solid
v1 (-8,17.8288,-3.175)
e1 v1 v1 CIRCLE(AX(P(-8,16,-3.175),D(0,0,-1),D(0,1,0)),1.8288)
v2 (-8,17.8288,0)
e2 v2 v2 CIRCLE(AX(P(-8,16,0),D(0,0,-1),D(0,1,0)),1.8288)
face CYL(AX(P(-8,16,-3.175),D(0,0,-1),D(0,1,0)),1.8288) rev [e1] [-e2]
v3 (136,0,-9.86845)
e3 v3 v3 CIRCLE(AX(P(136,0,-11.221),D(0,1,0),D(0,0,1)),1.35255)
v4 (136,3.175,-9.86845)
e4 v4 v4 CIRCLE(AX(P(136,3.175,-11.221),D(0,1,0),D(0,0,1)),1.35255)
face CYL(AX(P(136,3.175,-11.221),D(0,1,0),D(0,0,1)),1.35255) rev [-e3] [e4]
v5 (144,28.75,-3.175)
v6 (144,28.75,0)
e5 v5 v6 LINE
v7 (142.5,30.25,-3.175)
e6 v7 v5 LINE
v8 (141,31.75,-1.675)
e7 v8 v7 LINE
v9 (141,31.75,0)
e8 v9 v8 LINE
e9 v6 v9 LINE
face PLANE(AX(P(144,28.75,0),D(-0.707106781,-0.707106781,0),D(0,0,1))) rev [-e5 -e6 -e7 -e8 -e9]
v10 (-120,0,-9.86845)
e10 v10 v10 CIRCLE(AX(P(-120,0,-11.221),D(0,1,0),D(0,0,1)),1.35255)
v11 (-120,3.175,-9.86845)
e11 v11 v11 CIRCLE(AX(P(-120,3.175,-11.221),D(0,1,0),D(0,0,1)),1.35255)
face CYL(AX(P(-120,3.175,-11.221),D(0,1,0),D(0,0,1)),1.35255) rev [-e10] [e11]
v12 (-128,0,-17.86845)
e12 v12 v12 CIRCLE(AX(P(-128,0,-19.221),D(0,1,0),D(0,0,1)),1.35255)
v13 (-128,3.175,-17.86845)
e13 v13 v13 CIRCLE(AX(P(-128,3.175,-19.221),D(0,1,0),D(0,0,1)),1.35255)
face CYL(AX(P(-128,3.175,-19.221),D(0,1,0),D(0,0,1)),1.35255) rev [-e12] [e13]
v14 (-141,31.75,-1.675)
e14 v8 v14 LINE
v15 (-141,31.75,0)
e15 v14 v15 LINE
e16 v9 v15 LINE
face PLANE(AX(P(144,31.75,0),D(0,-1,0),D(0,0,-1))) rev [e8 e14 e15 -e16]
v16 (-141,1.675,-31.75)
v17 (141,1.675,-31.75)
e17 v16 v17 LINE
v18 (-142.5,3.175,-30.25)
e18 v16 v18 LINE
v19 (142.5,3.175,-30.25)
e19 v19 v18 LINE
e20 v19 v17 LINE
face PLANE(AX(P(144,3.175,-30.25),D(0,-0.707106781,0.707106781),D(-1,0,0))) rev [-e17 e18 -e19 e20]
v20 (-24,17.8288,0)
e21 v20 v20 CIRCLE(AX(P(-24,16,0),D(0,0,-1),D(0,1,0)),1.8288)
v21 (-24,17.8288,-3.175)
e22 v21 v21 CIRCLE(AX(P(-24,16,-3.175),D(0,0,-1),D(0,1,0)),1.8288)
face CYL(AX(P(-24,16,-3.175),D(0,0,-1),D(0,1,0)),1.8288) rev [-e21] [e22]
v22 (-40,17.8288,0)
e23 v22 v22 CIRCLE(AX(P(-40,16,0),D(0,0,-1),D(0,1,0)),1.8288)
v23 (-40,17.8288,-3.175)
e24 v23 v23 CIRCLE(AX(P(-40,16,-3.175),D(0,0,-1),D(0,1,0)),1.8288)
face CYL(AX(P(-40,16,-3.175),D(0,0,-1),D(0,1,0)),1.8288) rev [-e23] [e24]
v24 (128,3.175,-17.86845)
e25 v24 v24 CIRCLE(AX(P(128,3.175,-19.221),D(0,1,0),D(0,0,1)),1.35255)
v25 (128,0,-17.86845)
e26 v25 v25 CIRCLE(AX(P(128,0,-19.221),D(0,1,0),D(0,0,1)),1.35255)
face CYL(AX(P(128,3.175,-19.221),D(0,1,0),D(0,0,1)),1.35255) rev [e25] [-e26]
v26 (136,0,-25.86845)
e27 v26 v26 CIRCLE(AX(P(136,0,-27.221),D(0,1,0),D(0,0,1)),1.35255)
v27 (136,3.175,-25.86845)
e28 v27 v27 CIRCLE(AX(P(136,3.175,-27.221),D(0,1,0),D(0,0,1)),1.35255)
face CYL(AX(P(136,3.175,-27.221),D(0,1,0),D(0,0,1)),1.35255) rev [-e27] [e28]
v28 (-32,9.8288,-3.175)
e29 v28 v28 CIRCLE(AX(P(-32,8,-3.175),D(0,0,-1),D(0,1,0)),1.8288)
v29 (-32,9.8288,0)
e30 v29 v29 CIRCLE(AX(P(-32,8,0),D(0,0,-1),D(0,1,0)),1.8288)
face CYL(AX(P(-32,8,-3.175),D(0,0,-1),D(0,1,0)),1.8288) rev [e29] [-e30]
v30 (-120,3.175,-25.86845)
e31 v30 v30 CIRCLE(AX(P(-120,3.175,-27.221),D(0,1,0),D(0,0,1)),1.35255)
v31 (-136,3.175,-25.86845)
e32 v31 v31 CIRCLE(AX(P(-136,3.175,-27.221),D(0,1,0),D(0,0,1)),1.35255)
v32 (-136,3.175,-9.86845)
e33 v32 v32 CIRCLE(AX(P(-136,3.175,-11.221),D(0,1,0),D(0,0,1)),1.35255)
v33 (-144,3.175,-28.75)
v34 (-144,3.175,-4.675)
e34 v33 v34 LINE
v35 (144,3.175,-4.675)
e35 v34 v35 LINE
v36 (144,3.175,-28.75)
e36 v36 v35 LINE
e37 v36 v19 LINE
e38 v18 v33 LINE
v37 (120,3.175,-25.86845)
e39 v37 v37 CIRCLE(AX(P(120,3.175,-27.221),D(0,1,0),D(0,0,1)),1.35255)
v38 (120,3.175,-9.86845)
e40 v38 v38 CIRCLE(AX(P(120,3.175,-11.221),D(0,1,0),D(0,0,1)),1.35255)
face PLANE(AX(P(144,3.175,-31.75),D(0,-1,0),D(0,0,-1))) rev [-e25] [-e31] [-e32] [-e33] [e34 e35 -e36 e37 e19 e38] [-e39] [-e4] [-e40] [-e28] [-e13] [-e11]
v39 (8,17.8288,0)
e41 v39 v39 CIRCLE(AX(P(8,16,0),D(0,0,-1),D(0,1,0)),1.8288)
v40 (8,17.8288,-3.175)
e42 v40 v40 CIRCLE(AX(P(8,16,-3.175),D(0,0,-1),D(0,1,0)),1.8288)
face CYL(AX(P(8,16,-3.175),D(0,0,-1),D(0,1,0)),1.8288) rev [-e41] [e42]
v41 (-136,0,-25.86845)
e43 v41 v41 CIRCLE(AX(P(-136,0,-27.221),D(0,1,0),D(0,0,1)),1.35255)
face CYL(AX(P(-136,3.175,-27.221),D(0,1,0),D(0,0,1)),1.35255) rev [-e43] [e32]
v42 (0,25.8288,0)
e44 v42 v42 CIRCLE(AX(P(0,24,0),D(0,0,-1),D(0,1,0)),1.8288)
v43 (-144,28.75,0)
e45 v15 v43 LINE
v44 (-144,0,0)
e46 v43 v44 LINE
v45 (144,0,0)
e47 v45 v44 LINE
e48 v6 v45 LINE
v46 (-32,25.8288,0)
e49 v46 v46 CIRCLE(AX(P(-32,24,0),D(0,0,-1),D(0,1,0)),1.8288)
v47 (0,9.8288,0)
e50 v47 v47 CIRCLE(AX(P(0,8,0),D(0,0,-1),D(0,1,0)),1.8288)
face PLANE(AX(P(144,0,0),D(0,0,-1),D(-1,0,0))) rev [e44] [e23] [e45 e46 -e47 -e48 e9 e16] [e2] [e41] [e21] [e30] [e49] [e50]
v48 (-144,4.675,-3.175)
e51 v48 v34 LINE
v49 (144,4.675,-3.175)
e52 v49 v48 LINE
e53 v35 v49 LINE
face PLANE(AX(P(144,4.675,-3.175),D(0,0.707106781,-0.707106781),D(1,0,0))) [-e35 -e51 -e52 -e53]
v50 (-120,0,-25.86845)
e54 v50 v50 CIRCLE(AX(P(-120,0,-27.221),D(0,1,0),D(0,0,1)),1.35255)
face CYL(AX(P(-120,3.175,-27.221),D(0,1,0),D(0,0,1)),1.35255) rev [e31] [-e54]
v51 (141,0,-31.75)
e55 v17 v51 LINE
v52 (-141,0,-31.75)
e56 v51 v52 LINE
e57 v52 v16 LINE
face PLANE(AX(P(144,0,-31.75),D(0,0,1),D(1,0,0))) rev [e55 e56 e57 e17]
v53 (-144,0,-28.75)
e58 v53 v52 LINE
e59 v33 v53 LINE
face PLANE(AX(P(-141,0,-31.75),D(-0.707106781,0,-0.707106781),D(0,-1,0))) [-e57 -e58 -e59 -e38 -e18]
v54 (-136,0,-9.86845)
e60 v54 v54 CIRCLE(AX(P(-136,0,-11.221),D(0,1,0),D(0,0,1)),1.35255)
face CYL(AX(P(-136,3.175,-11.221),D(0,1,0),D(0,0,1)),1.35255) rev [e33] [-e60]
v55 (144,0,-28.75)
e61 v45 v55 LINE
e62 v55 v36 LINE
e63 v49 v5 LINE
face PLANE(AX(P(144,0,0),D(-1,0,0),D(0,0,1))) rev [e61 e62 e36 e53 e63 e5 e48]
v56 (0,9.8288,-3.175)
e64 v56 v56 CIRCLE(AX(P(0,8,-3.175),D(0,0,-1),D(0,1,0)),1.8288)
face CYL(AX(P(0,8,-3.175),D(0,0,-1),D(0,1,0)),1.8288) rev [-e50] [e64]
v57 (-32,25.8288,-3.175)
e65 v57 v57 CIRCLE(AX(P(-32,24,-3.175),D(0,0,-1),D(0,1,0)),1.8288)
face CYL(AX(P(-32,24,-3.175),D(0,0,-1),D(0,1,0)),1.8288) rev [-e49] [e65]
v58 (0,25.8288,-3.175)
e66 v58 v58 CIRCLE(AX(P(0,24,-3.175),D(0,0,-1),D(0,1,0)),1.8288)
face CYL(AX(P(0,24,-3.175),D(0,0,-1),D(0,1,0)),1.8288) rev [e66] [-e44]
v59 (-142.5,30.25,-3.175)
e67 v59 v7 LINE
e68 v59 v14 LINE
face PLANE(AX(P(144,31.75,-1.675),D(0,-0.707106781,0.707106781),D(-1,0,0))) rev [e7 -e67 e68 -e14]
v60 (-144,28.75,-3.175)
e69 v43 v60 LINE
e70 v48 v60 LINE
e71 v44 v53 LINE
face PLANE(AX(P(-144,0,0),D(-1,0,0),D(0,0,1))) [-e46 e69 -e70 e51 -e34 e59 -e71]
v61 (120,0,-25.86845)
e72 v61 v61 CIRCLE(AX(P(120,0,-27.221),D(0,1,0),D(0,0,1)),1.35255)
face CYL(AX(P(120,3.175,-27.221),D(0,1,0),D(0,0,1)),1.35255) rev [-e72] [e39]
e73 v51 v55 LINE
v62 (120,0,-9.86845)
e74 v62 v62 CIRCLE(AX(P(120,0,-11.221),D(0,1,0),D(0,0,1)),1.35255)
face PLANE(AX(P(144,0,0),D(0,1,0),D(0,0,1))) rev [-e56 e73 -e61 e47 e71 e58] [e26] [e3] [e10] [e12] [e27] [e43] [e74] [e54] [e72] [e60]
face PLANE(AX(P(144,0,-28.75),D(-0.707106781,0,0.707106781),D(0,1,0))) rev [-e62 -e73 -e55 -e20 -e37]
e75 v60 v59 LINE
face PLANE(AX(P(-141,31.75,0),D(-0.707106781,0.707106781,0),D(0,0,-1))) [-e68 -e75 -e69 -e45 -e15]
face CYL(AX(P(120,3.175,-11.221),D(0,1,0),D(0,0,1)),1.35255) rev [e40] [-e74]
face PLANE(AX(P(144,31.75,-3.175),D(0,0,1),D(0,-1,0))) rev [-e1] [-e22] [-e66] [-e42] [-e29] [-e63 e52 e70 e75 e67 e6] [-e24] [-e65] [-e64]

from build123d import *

# Parameters (mm, degrees)
BOSS_EXTRUDE1_DEPTH   = 144
CHAMFER1_SIZE         = 1.5
CHAMFER2_SIZE         = 3
F_6_32_TAPPED_HOLE1_D = 2.7051
F_6_CLEARANCE_HOLE1_D = 3.6576


with BuildPart() as part:
    # Sketch1 → Boss-Extrude1 (new body, symmetric)
    with BuildSketch(Plane(origin=(0, 0, 0), x_dir=(0, 0, -1), z_dir=(1, 0, 0))):
        Polygon((0, 0), (31.75, 0), (31.75, 3.175), (3.175, 3.175), (3.175, 31.75), (0, 31.75), align=None)
    extrude(amount=BOSS_EXTRUDE1_DEPTH, both=True)

    # Chamfer1
    chamfer1_edges = [part.edges().sort_by_distance(p)[0] for p in [
        (0, 31.75, -3.175),
        (0, 3.175, -3.175),
        (0, 3.175, -31.75),
    ]]
    chamfer(chamfer1_edges, length=CHAMFER1_SIZE)

    # Chamfer2
    chamfer2_edges = [part.edges().sort_by_distance(p)[0] for p in [
        (-144, 31.75, -0.8375),
        (-144, 0.8375, -31.75),
        (144, 0.8375, -31.75),
        (144, 31.75, -0.8375),
    ]]
    chamfer(chamfer2_edges, length=CHAMFER2_SIZE)

    # #6-32 Tapped Hole1 (through all)
    with Locations(Plane(origin=(0, 3.175, 0), x_dir=(1, 0, 0), z_dir=(0, 1, 0))):
        with Locations((-136, 27.221), (-120, 27.221), (-128, 19.221), (-136, 11.221), (-120, 11.221), (120, 27.221), (136, 27.221), (128, 19.221), (120, 11.221), (136, 11.221)):
            Hole(F_6_32_TAPPED_HOLE1_D / 2)

    # #6 Clearance Hole1 (through all)
    with Locations(Plane(origin=(0, 0, -3.175), x_dir=(-1, 0, 0), z_dir=(0, 0, -1))):
        with Locations((0, 24), (-8, 16), (8, 16), (0, 8), (24, 16), (32, 24), (40, 16), (32, 8)):
            Hole(F_6_CLEARANCE_HOLE1_D / 2)


solid = part.part
